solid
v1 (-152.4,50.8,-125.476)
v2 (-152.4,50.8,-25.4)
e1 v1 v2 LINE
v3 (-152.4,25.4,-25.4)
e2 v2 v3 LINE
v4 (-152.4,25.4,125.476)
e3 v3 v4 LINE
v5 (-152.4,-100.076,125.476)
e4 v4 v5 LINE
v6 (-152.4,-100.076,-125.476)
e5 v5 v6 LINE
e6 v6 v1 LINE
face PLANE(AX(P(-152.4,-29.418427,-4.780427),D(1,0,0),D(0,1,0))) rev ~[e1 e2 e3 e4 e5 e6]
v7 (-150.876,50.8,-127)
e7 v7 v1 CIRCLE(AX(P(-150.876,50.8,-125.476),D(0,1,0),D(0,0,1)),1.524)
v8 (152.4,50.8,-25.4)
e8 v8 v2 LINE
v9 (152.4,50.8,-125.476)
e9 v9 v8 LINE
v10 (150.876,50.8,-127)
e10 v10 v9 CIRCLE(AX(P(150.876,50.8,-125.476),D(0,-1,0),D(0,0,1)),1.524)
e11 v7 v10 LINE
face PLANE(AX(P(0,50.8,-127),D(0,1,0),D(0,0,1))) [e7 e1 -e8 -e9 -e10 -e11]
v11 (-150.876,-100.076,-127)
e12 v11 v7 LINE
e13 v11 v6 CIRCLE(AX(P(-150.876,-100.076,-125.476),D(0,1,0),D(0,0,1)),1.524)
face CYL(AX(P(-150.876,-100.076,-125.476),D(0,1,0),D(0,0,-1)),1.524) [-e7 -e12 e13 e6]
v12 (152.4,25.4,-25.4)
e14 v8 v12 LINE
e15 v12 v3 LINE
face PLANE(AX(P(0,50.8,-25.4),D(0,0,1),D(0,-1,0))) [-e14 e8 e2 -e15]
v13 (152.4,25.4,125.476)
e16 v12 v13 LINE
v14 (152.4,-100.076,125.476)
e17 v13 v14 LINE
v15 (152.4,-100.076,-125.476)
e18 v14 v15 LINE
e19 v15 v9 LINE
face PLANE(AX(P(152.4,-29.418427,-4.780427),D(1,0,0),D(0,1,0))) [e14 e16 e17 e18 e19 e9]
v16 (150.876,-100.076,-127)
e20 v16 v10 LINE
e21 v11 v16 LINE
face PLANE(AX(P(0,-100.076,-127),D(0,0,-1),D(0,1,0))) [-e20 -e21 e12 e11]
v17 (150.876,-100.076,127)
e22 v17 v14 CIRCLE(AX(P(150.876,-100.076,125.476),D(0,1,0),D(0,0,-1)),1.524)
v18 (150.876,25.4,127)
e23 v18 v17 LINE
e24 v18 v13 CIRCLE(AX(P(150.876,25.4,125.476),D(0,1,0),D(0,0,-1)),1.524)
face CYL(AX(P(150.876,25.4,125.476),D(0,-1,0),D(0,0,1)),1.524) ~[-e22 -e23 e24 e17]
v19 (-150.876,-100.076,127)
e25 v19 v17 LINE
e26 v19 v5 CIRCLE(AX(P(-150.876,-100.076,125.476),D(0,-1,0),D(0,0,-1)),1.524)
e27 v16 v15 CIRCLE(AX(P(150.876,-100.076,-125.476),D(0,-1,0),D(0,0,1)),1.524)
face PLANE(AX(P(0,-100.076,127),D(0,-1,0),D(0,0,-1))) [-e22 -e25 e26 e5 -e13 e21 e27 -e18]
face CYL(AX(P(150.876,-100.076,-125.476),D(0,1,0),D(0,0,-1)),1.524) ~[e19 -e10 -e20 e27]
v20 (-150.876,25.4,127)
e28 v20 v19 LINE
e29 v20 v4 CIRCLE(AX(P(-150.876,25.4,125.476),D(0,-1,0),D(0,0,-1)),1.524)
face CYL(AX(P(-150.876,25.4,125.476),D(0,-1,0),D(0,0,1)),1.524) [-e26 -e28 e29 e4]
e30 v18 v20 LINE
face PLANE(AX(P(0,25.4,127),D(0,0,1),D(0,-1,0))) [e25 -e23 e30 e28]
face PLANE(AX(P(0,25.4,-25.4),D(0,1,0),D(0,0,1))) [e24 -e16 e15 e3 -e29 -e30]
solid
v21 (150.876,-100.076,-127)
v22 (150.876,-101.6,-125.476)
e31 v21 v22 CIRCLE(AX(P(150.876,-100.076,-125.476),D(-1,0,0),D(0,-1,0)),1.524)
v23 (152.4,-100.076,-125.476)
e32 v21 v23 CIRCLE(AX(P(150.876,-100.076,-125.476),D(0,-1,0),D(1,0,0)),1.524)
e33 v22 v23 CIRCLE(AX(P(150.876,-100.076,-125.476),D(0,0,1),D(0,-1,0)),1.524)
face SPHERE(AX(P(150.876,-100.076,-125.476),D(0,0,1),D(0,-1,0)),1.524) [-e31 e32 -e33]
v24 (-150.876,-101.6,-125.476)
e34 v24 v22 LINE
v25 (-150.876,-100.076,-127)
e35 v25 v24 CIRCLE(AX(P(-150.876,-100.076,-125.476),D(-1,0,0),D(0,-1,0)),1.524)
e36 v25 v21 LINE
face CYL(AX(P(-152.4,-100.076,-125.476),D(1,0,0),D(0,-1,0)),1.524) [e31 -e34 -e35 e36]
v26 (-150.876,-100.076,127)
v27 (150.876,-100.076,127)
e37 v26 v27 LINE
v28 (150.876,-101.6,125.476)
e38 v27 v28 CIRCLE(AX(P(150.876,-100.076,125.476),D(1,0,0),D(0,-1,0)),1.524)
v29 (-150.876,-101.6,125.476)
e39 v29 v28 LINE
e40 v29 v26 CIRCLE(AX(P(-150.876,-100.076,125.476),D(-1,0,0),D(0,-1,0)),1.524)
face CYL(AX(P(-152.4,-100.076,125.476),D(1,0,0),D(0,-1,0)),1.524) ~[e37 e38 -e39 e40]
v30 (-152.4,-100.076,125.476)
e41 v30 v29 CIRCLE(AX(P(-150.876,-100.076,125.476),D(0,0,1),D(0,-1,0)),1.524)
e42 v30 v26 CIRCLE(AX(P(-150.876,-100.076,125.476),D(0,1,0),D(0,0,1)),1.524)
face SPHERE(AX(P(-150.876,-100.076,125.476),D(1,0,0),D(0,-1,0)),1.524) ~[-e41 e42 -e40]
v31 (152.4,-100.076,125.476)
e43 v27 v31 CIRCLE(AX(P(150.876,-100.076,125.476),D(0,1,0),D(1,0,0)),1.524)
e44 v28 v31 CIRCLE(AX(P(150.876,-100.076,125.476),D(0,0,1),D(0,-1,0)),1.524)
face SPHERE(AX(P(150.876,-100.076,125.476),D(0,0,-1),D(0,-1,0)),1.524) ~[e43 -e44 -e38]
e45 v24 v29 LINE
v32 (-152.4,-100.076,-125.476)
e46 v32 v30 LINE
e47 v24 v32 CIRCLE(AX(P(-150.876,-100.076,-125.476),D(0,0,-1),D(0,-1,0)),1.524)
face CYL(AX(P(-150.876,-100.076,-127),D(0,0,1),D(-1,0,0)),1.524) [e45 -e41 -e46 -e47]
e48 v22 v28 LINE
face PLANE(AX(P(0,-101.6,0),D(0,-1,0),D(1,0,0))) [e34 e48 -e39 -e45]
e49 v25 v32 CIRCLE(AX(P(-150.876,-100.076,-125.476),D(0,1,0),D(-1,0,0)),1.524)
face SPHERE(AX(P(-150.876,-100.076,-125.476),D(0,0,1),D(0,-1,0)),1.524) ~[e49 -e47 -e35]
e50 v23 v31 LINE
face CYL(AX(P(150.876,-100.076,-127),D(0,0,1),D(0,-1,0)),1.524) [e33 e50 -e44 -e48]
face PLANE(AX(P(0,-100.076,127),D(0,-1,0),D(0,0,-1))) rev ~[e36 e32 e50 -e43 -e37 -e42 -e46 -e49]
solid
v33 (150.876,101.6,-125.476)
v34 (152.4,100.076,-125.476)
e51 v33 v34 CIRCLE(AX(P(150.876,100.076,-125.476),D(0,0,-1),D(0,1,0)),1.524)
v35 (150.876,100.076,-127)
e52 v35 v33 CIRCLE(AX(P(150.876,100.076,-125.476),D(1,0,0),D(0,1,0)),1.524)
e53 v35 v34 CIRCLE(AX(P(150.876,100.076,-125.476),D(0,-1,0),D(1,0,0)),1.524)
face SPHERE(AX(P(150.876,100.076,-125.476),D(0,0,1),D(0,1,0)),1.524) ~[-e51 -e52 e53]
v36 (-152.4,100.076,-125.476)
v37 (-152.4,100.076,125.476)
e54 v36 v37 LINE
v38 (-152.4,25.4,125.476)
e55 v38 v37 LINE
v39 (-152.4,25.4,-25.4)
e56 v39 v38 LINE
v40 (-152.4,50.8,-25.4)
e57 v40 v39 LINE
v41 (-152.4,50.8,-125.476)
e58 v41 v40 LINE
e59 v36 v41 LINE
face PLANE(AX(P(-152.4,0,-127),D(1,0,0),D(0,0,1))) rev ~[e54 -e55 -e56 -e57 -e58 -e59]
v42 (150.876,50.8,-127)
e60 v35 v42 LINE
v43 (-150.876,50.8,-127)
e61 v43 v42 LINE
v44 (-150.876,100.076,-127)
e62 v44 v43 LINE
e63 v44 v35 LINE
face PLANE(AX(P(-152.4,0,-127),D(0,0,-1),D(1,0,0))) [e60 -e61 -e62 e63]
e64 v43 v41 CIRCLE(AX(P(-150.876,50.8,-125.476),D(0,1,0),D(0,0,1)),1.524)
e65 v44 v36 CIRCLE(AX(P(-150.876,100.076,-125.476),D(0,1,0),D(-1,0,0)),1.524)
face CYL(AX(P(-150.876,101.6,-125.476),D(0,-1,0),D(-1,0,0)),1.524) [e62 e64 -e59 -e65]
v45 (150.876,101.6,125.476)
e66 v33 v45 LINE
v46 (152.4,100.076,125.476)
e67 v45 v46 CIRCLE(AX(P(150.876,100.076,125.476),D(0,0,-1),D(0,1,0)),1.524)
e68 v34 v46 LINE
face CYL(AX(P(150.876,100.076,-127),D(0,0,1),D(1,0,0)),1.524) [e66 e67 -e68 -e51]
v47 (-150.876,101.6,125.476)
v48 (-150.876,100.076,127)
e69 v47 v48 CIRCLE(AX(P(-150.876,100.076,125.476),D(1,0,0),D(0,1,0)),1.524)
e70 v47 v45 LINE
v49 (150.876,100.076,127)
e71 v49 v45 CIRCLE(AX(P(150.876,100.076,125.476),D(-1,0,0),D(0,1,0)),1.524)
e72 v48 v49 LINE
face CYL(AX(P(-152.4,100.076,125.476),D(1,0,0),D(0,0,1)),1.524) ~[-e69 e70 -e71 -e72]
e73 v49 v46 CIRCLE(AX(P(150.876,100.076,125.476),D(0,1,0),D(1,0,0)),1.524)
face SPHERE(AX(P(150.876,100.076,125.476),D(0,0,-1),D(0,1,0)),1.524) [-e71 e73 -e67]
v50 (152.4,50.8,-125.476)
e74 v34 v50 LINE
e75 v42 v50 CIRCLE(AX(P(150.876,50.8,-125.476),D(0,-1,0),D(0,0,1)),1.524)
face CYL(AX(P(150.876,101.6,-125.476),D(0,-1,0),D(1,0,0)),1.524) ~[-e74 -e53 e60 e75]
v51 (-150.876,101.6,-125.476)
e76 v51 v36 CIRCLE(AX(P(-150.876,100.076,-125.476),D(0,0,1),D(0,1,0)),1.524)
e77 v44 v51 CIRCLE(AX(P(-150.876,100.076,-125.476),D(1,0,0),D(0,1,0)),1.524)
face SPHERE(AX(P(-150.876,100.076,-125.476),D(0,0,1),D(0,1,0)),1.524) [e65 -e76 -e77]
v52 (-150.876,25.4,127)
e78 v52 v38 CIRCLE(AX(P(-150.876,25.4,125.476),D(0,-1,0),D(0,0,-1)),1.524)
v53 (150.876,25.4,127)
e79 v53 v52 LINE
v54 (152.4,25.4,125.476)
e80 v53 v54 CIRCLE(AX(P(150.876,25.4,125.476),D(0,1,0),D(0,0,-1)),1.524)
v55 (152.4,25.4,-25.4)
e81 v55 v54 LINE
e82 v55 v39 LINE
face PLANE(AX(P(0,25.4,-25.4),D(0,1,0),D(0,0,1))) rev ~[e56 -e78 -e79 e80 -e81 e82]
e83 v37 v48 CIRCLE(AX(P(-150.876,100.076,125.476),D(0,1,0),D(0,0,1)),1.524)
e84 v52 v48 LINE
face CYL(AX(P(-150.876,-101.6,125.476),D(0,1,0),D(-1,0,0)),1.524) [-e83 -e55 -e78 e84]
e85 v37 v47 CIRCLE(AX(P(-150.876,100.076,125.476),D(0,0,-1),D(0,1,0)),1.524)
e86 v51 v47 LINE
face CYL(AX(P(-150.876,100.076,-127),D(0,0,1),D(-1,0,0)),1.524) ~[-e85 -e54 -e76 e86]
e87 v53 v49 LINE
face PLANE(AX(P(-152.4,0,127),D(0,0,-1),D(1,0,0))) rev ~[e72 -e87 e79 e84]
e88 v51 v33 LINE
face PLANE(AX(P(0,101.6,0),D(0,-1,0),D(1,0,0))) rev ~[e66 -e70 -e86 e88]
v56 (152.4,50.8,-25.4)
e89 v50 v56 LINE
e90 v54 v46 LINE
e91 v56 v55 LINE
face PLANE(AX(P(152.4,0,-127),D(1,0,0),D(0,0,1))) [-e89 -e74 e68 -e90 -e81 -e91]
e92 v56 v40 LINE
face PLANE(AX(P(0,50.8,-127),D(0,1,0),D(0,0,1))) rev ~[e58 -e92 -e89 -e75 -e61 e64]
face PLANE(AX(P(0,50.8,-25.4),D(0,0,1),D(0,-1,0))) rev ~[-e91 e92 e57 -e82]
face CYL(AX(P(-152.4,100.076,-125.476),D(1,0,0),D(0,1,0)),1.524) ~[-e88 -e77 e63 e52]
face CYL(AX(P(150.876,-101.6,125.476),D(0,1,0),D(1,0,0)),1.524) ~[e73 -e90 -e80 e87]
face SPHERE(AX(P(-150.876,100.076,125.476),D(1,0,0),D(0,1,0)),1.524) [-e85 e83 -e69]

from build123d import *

# Parameters (mm, degrees)
F0_W     = 304.8
F0_H     = 254
F1_DEPTH = 101.6
F2_R     = 1.524
F4_DEPTH = 152.4
F6_R     = 1.524


with BuildPart() as f1:
    # F0 (on Front) → F1 (new body, symmetric)
    with BuildSketch(Plane.XZ):
        Rectangle(F0_W, F0_H)
    extrude(amount=F1_DEPTH, both=True)

    # F2
    f2_edges = [f1.edges().sort_by_distance(p)[0] for p in [
        (152.4, -101.6, 0),
        (0, -101.6, 127),
        (-152.4, -101.6, 0),
        (0, -101.6, -127),
        (152.4, 101.6, 0),
        (0, 101.6, 127),
        (-152.4, 101.6, 0),
        (0, 101.6, -127),
        (152.4, 0, 127),
        (-152.4, 0, 127),
        (152.4, 0, -127),
        (-152.4, 0, -127),
    ]]
    fillet(f2_edges, radius=F2_R)


with BuildPart() as f4:
    # F3 (on Right) → F4 (new body, symmetric)
    with BuildSketch(Plane.YZ):
        Polygon((25.4, 127), (-100.076, 127), (-100.076, -127), (50.8, -127), (50.8, -25.4), (25.4, -25.4), align=None)
    extrude(amount=F4_DEPTH, both=True)

    # F6
    f6_edges = [f4.edges().sort_by_distance(p)[0] for p in [
        (152.4, -37.338, 127),
        (152.4, -24.638, -127),
        (-152.4, -24.638, -127),
        (-152.4, -37.338, 127),
    ]]
    fillet(f6_edges, radius=F6_R)


with BuildPart() as f1_1:
    add(f1.part)

    # F5: cut F4
    add(f4.part, mode=Mode.SUBTRACT)


solid = Compound([f4.part, f1_1.part])
